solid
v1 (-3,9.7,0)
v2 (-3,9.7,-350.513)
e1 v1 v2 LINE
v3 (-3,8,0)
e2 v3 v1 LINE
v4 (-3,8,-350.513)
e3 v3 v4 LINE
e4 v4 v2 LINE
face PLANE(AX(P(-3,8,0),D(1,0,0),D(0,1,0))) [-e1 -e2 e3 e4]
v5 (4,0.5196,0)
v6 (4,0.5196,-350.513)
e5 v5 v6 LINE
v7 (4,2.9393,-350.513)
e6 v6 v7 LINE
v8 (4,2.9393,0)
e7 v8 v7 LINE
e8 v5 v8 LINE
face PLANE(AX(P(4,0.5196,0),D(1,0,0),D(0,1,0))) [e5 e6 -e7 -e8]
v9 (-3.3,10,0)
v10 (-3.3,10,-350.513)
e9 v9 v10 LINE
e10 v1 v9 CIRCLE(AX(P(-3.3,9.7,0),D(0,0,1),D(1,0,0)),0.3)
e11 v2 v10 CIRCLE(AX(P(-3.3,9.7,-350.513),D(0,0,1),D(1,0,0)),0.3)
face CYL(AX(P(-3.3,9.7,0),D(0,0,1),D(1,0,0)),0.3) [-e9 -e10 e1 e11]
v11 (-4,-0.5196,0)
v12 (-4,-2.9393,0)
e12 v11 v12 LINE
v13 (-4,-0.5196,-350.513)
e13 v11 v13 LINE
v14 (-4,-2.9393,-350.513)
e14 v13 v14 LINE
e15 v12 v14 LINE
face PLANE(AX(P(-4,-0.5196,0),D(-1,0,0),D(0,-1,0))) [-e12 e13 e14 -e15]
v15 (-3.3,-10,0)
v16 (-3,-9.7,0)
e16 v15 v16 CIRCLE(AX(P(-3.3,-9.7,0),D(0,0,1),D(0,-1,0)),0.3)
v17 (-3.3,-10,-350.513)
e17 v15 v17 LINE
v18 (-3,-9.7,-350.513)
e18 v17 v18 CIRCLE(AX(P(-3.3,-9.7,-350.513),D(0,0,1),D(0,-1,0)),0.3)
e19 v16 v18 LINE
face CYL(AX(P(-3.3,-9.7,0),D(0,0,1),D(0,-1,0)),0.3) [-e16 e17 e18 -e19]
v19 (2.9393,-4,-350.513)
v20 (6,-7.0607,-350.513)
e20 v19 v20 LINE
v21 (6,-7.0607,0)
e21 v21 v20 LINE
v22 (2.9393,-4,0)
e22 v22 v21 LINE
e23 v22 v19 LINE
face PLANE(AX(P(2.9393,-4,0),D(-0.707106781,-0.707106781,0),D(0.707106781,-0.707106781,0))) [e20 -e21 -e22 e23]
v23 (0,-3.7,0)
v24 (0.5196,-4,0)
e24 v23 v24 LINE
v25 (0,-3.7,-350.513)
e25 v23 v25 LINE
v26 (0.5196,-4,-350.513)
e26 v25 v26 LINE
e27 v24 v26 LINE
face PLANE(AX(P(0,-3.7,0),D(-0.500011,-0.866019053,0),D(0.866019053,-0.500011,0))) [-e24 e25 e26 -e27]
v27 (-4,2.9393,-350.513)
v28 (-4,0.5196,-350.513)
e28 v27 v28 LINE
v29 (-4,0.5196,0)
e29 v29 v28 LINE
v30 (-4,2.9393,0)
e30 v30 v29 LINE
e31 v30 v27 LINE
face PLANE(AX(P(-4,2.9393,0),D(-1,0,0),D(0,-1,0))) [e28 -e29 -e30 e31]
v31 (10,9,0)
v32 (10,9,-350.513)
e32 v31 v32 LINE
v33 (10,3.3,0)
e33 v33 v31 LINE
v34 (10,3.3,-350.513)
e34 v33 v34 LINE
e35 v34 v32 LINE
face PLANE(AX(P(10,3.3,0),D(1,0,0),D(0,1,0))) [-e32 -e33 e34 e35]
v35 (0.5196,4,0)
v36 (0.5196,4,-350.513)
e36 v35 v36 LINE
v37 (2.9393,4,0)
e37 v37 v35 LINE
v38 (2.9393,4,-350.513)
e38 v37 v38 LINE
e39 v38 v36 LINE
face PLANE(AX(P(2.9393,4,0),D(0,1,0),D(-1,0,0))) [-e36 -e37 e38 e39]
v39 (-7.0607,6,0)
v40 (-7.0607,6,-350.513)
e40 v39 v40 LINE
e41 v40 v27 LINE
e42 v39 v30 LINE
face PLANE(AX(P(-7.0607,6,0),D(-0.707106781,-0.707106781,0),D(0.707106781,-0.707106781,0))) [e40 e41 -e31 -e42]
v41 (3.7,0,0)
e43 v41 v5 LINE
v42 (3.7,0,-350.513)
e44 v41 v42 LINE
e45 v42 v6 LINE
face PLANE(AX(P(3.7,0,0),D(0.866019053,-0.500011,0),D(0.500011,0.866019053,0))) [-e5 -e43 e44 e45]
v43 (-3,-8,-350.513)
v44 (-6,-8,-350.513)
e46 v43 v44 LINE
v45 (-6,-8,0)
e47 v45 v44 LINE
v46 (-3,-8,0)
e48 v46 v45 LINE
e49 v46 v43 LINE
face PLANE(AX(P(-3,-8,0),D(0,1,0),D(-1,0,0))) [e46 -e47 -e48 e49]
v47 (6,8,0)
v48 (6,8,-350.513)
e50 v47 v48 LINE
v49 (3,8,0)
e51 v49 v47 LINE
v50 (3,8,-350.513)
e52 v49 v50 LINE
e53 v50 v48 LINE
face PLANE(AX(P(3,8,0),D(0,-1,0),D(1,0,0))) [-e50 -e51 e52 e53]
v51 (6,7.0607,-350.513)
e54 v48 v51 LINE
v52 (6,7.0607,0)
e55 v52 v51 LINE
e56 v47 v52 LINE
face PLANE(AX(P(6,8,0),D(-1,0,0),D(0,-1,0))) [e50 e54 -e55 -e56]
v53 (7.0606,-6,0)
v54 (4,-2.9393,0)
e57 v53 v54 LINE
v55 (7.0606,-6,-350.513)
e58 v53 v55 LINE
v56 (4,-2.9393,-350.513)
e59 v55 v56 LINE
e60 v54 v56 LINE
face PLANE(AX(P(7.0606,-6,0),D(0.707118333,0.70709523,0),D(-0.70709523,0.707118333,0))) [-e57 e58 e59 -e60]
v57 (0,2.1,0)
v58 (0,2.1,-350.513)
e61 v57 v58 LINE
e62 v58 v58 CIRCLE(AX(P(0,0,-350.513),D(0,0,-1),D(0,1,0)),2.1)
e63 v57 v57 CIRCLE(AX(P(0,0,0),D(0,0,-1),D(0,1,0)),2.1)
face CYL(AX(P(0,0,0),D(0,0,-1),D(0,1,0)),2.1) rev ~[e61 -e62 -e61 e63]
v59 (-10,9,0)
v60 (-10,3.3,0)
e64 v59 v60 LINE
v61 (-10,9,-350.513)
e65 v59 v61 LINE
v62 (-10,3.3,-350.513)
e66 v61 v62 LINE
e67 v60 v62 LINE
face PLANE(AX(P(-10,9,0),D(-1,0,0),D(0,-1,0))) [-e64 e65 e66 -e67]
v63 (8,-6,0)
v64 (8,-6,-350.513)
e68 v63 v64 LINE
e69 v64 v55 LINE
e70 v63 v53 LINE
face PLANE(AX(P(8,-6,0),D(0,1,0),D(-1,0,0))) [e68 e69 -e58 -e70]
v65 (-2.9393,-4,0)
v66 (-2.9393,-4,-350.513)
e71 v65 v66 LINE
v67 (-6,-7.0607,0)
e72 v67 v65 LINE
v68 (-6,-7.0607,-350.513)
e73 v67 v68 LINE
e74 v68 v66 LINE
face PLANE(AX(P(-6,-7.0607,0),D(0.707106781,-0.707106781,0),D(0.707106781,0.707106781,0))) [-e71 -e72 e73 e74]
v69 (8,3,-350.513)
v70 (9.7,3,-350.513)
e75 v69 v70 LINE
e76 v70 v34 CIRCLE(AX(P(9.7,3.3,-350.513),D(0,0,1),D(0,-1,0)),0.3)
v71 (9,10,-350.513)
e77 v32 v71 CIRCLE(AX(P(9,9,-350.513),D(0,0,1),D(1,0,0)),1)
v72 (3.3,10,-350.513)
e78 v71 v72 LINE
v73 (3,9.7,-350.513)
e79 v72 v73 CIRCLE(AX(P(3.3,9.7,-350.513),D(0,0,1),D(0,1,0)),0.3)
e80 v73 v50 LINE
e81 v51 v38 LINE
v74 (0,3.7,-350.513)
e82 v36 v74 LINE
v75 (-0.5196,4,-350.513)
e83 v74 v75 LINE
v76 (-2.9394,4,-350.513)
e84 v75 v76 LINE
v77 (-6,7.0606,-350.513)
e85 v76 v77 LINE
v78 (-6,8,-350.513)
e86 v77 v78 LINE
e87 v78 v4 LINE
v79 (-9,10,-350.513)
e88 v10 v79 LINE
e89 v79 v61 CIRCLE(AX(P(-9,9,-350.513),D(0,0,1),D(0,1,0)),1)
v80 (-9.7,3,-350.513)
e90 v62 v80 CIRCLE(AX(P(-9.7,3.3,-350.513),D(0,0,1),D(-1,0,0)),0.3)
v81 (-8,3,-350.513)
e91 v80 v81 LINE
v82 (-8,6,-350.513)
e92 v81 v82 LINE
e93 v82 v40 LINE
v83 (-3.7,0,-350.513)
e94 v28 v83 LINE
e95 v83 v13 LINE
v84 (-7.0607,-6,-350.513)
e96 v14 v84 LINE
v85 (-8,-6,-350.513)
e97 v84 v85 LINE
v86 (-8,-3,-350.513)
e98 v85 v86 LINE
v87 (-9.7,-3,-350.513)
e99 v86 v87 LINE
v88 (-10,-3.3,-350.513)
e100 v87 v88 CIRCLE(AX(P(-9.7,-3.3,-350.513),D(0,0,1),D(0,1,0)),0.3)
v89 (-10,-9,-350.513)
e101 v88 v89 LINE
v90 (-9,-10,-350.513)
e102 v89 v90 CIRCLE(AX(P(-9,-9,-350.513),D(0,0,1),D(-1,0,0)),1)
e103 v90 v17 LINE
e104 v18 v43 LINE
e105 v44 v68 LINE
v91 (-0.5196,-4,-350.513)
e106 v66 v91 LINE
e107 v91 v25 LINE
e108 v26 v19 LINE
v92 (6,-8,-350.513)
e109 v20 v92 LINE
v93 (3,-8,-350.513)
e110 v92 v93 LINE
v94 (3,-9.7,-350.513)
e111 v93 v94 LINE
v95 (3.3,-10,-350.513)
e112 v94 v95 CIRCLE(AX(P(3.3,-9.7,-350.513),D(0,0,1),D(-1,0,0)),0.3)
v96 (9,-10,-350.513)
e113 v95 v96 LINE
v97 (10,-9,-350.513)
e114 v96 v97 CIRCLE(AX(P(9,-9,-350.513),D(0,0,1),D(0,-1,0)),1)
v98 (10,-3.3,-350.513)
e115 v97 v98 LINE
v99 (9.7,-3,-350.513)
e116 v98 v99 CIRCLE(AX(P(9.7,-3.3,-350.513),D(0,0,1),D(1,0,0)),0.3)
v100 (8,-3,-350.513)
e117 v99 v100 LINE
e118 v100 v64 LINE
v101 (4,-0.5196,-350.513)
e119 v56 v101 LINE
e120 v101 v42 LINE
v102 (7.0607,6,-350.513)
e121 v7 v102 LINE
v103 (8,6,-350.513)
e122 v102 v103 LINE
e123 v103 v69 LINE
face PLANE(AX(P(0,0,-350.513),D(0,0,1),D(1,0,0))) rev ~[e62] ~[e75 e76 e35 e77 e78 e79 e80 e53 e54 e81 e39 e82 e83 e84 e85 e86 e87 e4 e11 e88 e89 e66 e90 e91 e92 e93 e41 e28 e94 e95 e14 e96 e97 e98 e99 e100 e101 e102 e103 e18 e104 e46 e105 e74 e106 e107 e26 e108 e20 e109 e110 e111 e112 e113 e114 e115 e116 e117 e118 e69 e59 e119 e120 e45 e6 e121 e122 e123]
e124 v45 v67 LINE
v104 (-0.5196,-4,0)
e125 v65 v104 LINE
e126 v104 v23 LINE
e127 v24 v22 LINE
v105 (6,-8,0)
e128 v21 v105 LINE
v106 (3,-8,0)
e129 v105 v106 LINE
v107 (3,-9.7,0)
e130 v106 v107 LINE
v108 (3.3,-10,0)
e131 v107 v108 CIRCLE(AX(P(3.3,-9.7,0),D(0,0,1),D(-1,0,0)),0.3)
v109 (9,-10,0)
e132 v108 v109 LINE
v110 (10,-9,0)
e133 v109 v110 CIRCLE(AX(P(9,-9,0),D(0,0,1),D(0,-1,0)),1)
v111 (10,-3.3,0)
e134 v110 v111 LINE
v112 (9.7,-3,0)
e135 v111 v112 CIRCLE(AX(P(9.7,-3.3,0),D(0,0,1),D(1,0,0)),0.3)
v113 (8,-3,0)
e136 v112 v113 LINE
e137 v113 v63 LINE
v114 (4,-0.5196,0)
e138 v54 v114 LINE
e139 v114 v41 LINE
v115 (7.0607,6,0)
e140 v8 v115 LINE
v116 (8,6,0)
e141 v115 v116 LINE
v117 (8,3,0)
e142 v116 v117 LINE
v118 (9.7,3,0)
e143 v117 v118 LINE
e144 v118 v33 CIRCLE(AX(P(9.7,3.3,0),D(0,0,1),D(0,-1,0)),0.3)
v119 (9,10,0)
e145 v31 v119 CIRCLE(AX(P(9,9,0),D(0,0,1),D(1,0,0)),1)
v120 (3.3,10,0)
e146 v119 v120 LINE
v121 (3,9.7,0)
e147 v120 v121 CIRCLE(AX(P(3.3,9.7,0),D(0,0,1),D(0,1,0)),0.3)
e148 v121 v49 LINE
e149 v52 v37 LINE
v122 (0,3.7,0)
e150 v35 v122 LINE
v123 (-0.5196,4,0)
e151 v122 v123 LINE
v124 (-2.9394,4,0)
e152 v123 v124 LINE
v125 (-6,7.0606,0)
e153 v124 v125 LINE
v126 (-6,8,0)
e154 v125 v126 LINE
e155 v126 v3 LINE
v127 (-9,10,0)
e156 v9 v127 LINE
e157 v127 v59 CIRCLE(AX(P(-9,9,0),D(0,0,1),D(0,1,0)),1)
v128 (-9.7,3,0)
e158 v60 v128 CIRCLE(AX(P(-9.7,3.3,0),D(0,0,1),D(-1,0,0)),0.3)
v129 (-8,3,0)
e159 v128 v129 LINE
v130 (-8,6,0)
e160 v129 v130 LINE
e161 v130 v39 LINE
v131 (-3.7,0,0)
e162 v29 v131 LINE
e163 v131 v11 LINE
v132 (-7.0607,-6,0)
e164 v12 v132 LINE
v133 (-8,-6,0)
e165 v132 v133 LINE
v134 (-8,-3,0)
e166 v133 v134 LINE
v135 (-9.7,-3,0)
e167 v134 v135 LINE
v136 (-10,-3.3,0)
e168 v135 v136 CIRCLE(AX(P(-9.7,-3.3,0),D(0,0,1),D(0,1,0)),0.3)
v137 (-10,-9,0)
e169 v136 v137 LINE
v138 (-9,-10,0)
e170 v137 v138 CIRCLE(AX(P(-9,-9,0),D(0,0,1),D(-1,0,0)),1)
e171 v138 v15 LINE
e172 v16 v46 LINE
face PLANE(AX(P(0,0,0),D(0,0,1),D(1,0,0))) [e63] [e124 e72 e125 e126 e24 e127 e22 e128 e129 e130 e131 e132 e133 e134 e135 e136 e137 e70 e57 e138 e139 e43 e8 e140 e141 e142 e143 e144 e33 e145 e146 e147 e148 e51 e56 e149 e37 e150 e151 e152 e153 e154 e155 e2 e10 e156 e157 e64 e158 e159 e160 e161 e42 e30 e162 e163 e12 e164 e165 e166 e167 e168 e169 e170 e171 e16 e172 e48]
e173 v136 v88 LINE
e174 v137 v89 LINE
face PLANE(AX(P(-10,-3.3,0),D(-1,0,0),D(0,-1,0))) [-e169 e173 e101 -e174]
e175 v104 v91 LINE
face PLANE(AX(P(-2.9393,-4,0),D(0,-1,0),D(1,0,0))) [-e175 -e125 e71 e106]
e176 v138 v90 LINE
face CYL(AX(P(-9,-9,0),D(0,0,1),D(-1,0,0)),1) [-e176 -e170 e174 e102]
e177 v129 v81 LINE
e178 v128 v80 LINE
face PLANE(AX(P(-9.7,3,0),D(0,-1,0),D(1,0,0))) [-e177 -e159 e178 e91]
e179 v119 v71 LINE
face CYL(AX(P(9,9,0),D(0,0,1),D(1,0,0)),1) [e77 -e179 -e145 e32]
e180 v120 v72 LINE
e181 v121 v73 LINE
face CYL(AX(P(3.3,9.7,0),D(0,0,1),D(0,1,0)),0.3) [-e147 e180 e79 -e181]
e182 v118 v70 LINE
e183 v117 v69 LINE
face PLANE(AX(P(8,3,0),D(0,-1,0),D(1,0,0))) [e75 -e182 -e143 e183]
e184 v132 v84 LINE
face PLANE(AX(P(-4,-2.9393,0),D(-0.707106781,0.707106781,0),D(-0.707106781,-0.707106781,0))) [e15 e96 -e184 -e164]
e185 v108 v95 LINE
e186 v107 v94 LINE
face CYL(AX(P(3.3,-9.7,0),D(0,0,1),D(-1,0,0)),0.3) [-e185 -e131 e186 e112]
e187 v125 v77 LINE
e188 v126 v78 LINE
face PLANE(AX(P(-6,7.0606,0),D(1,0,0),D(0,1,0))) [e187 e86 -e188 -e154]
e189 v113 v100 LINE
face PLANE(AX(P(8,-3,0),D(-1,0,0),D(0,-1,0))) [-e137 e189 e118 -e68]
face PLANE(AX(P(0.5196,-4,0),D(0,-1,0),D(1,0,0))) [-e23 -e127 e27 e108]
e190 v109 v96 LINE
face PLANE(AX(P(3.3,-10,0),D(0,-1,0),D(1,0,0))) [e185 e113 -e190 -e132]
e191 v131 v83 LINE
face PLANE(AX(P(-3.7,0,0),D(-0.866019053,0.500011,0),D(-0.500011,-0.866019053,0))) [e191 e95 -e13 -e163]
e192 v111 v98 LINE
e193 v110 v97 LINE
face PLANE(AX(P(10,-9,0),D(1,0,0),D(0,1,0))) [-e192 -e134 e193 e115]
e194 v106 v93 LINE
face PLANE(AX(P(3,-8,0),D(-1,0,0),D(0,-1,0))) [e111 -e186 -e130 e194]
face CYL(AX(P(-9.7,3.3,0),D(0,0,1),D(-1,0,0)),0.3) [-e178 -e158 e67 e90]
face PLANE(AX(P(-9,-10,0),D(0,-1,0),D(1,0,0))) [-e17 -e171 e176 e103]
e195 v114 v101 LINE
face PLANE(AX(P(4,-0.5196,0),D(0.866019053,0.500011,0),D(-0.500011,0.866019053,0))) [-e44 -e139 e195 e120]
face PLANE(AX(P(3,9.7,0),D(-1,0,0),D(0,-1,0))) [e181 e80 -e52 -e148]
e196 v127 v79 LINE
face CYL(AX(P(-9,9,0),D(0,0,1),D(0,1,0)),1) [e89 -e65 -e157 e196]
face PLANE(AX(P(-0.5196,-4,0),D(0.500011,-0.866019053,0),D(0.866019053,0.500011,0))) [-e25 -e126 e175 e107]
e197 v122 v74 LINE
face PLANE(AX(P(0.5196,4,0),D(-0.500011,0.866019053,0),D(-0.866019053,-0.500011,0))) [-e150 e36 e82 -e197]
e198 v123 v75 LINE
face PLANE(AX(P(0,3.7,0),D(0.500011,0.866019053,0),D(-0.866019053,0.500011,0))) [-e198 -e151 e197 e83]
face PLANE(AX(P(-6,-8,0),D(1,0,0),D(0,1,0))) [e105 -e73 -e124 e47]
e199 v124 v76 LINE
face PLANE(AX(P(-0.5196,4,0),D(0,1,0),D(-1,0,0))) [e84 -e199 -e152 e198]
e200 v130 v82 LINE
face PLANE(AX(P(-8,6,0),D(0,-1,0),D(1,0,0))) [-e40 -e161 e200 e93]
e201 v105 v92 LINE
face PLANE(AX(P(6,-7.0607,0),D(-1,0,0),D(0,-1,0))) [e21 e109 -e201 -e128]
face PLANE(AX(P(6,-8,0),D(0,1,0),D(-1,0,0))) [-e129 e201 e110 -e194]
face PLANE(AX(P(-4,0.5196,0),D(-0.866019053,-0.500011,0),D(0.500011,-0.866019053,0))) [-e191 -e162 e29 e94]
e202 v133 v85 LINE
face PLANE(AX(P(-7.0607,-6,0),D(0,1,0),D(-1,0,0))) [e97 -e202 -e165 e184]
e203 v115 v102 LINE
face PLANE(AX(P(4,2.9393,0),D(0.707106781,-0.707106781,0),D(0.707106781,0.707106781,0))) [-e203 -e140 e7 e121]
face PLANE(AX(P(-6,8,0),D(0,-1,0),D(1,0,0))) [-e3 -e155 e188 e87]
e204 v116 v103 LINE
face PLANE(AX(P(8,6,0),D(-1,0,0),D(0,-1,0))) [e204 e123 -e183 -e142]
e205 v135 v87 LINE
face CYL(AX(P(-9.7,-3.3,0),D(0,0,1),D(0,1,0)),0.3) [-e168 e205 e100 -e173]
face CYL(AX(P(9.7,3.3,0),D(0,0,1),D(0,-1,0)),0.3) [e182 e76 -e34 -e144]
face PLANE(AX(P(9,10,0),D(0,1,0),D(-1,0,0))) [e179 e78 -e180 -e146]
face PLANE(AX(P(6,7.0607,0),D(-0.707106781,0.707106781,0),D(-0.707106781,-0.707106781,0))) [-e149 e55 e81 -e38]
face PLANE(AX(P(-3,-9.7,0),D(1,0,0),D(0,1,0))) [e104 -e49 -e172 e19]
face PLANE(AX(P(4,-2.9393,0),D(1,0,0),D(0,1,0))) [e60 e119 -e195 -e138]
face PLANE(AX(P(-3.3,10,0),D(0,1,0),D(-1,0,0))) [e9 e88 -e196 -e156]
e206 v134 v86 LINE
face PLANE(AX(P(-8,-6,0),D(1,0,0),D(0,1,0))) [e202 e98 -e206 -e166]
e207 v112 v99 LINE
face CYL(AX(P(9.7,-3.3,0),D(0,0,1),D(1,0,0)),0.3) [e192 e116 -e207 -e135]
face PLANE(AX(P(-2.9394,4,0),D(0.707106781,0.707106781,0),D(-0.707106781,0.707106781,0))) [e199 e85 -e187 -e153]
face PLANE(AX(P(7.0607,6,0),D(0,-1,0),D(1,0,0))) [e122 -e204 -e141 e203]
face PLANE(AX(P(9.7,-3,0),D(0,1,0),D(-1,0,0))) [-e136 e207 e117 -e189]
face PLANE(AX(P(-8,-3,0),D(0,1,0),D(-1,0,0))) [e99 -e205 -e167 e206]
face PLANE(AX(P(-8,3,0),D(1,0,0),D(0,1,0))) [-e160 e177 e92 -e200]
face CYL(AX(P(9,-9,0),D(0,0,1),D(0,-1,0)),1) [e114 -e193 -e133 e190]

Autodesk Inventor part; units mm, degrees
sketch "Sketch_1" plane through (0, 0, 0) normal (0, 0, 1) x (1, 0, 0)
  line L0 (-10, 9) -> (-10, 3.3)
  arc A0 (-10, 3.3) -> (-9.7, 3) centre (-9.7, 3.3) ccw
  line L1 (-9.7, 3) -> (-8, 3)
  line L2 (-8, 3) -> (-8, 6)
  line L3 (-8, 6) -> (-7.0607, 6)
  line L4 (-7.0607, 6) -> (-4, 2.9393)
  line L5 (-4, 2.9393) -> (-4, 0.5196)
  line L6 (-4, 0.5196) -> (-3.7, 0)
  line L7 (-3.7, 0) -> (-4, -0.5196)
  line L8 (-4, -0.5196) -> (-4, -2.9393)
  line L9 (-4, -2.9393) -> (-7.0607, -6)
  line L10 (-7.0607, -6) -> (-8, -6)
  line L11 (-8, -6) -> (-8, -3)
  line L12 (-8, -3) -> (-9.7, -3)
  arc A1 (-9.7, -3) -> (-10, -3.3) centre (-9.7, -3.3) ccw
  line L13 (-10, -3.3) -> (-10, -9)
  arc A2 (-10, -9) -> (-9, -10) centre (-9, -9) ccw
  line L14 (-9, -10) -> (-3.3, -10)
  arc A3 (-3.3, -10) -> (-3, -9.7) centre (-3.3, -9.7) ccw
  line L15 (-3, -9.7) -> (-3, -8)
  line L16 (-3, -8) -> (-6, -8)
  line L17 (-6, -8) -> (-6, -7.0607)
  line L18 (-6, -7.0607) -> (-2.9393, -4)
  line L19 (-2.9393, -4) -> (-0.5196, -4)
  line L20 (-0.5196, -4) -> (0, -3.7)
  line L21 (0, -3.7) -> (0.5196, -4)
  line L22 (0.5196, -4) -> (2.9393, -4)
  line L23 (2.9393, -4) -> (6, -7.0607)
  line L24 (6, -7.0607) -> (6, -8)
  line L25 (6, -8) -> (3, -8)
  line L26 (3, -8) -> (3, -9.7)
  arc A4 (3, -9.7) -> (3.3, -10) centre (3.3, -9.7) ccw
  line L27 (3.3, -10) -> (9, -10)
  arc A5 (9, -10) -> (10, -9) centre (9, -9) ccw
  line L28 (10, -9) -> (10, -3.3)
  arc A6 (10, -3.3) -> (9.7, -3) centre (9.7, -3.3) ccw
  line L29 (9.7, -3) -> (8, -3)
  line L30 (8, -3) -> (8, -6)
  line L31 (8, -6) -> (7.0606, -6)
  line L32 (7.0606, -6) -> (4, -2.9393)
  line L33 (4, -2.9393) -> (4, -0.5196)
  line L34 (4, -0.5196) -> (3.7, 0)
  line L35 (3.7, 0) -> (4, 0.5196)
  line L36 (4, 0.5196) -> (4, 2.9393)
  line L37 (4, 2.9393) -> (7.0607, 6)
  line L38 (7.0607, 6) -> (8, 6)
  line L39 (8, 6) -> (8, 3)
  line L40 (8, 3) -> (9.7, 3)
  arc A7 (9.7, 3) -> (10, 3.3) centre (9.7, 3.3) ccw
  line L41 (10, 3.3) -> (10, 9)
  arc A8 (10, 9) -> (9, 10) centre (9, 9) ccw
  line L42 (9, 10) -> (3.3, 10)
  arc A9 (3.3, 10) -> (3, 9.7) centre (3.3, 9.7) ccw
  line L43 (3, 9.7) -> (3, 8)
  line L44 (3, 8) -> (6, 8)
  line L45 (6, 8) -> (6, 7.0607)
  line L46 (6, 7.0607) -> (2.9393, 4)
  line L47 (2.9393, 4) -> (0.5196, 4)
  line L48 (0.5196, 4) -> (0, 3.7)
  line L49 (0, 3.7) -> (-0.5196, 4)
  line L50 (-0.5196, 4) -> (-2.9394, 4)
  line L51 (-2.9394, 4) -> (-6, 7.0606)
  line L52 (-6, 7.0606) -> (-6, 8)
  line L53 (-6, 8) -> (-3, 8)
  line L54 (-3, 8) -> (-3, 9.7)
  arc A10 (-3, 9.7) -> (-3.3, 10) centre (-3.3, 9.7) ccw
  line L55 (-3.3, 10) -> (-9, 10)
  arc A11 (-9, 10) -> (-10, 9) centre (-9, 9) ccw
extrude "Extrusion1" add sketch "Sketch_1" against normal blind 350.513
sketch "Sketch_2" plane through (0, 0, 0) normal (1, 0, 0) x (0, 0, -1)
  line L0 (400, 0) -> (0, 0)
  line L1 (0, 0) -> (0, 2.1)
  line L2 (0, 2.1) -> (400, 2.1)
  line L3 (400, 2.1) -> (400, 0)
  line L4 (400, 0) -> (0, 0)
revolve "Revolution1" cut sketch "Sketch_2" angle 360 about axis through (0, 0, -400) along (0, 0, -1)
ref_plane "C1_XY" through (0, 0, 0) normal (0, 0, 1) x (1, 0, 0)
ref_plane "C1_YZ" through (0, 0, 0) normal (1, 0, 0) x (0, 1, 0)
ref_plane "C1_ZX" through (0, 0, 0) normal (0, 1, 0) x (0, 0, 1)
properties part number "2020 extrusion X cross big machine" material "Aluminum 6061"
